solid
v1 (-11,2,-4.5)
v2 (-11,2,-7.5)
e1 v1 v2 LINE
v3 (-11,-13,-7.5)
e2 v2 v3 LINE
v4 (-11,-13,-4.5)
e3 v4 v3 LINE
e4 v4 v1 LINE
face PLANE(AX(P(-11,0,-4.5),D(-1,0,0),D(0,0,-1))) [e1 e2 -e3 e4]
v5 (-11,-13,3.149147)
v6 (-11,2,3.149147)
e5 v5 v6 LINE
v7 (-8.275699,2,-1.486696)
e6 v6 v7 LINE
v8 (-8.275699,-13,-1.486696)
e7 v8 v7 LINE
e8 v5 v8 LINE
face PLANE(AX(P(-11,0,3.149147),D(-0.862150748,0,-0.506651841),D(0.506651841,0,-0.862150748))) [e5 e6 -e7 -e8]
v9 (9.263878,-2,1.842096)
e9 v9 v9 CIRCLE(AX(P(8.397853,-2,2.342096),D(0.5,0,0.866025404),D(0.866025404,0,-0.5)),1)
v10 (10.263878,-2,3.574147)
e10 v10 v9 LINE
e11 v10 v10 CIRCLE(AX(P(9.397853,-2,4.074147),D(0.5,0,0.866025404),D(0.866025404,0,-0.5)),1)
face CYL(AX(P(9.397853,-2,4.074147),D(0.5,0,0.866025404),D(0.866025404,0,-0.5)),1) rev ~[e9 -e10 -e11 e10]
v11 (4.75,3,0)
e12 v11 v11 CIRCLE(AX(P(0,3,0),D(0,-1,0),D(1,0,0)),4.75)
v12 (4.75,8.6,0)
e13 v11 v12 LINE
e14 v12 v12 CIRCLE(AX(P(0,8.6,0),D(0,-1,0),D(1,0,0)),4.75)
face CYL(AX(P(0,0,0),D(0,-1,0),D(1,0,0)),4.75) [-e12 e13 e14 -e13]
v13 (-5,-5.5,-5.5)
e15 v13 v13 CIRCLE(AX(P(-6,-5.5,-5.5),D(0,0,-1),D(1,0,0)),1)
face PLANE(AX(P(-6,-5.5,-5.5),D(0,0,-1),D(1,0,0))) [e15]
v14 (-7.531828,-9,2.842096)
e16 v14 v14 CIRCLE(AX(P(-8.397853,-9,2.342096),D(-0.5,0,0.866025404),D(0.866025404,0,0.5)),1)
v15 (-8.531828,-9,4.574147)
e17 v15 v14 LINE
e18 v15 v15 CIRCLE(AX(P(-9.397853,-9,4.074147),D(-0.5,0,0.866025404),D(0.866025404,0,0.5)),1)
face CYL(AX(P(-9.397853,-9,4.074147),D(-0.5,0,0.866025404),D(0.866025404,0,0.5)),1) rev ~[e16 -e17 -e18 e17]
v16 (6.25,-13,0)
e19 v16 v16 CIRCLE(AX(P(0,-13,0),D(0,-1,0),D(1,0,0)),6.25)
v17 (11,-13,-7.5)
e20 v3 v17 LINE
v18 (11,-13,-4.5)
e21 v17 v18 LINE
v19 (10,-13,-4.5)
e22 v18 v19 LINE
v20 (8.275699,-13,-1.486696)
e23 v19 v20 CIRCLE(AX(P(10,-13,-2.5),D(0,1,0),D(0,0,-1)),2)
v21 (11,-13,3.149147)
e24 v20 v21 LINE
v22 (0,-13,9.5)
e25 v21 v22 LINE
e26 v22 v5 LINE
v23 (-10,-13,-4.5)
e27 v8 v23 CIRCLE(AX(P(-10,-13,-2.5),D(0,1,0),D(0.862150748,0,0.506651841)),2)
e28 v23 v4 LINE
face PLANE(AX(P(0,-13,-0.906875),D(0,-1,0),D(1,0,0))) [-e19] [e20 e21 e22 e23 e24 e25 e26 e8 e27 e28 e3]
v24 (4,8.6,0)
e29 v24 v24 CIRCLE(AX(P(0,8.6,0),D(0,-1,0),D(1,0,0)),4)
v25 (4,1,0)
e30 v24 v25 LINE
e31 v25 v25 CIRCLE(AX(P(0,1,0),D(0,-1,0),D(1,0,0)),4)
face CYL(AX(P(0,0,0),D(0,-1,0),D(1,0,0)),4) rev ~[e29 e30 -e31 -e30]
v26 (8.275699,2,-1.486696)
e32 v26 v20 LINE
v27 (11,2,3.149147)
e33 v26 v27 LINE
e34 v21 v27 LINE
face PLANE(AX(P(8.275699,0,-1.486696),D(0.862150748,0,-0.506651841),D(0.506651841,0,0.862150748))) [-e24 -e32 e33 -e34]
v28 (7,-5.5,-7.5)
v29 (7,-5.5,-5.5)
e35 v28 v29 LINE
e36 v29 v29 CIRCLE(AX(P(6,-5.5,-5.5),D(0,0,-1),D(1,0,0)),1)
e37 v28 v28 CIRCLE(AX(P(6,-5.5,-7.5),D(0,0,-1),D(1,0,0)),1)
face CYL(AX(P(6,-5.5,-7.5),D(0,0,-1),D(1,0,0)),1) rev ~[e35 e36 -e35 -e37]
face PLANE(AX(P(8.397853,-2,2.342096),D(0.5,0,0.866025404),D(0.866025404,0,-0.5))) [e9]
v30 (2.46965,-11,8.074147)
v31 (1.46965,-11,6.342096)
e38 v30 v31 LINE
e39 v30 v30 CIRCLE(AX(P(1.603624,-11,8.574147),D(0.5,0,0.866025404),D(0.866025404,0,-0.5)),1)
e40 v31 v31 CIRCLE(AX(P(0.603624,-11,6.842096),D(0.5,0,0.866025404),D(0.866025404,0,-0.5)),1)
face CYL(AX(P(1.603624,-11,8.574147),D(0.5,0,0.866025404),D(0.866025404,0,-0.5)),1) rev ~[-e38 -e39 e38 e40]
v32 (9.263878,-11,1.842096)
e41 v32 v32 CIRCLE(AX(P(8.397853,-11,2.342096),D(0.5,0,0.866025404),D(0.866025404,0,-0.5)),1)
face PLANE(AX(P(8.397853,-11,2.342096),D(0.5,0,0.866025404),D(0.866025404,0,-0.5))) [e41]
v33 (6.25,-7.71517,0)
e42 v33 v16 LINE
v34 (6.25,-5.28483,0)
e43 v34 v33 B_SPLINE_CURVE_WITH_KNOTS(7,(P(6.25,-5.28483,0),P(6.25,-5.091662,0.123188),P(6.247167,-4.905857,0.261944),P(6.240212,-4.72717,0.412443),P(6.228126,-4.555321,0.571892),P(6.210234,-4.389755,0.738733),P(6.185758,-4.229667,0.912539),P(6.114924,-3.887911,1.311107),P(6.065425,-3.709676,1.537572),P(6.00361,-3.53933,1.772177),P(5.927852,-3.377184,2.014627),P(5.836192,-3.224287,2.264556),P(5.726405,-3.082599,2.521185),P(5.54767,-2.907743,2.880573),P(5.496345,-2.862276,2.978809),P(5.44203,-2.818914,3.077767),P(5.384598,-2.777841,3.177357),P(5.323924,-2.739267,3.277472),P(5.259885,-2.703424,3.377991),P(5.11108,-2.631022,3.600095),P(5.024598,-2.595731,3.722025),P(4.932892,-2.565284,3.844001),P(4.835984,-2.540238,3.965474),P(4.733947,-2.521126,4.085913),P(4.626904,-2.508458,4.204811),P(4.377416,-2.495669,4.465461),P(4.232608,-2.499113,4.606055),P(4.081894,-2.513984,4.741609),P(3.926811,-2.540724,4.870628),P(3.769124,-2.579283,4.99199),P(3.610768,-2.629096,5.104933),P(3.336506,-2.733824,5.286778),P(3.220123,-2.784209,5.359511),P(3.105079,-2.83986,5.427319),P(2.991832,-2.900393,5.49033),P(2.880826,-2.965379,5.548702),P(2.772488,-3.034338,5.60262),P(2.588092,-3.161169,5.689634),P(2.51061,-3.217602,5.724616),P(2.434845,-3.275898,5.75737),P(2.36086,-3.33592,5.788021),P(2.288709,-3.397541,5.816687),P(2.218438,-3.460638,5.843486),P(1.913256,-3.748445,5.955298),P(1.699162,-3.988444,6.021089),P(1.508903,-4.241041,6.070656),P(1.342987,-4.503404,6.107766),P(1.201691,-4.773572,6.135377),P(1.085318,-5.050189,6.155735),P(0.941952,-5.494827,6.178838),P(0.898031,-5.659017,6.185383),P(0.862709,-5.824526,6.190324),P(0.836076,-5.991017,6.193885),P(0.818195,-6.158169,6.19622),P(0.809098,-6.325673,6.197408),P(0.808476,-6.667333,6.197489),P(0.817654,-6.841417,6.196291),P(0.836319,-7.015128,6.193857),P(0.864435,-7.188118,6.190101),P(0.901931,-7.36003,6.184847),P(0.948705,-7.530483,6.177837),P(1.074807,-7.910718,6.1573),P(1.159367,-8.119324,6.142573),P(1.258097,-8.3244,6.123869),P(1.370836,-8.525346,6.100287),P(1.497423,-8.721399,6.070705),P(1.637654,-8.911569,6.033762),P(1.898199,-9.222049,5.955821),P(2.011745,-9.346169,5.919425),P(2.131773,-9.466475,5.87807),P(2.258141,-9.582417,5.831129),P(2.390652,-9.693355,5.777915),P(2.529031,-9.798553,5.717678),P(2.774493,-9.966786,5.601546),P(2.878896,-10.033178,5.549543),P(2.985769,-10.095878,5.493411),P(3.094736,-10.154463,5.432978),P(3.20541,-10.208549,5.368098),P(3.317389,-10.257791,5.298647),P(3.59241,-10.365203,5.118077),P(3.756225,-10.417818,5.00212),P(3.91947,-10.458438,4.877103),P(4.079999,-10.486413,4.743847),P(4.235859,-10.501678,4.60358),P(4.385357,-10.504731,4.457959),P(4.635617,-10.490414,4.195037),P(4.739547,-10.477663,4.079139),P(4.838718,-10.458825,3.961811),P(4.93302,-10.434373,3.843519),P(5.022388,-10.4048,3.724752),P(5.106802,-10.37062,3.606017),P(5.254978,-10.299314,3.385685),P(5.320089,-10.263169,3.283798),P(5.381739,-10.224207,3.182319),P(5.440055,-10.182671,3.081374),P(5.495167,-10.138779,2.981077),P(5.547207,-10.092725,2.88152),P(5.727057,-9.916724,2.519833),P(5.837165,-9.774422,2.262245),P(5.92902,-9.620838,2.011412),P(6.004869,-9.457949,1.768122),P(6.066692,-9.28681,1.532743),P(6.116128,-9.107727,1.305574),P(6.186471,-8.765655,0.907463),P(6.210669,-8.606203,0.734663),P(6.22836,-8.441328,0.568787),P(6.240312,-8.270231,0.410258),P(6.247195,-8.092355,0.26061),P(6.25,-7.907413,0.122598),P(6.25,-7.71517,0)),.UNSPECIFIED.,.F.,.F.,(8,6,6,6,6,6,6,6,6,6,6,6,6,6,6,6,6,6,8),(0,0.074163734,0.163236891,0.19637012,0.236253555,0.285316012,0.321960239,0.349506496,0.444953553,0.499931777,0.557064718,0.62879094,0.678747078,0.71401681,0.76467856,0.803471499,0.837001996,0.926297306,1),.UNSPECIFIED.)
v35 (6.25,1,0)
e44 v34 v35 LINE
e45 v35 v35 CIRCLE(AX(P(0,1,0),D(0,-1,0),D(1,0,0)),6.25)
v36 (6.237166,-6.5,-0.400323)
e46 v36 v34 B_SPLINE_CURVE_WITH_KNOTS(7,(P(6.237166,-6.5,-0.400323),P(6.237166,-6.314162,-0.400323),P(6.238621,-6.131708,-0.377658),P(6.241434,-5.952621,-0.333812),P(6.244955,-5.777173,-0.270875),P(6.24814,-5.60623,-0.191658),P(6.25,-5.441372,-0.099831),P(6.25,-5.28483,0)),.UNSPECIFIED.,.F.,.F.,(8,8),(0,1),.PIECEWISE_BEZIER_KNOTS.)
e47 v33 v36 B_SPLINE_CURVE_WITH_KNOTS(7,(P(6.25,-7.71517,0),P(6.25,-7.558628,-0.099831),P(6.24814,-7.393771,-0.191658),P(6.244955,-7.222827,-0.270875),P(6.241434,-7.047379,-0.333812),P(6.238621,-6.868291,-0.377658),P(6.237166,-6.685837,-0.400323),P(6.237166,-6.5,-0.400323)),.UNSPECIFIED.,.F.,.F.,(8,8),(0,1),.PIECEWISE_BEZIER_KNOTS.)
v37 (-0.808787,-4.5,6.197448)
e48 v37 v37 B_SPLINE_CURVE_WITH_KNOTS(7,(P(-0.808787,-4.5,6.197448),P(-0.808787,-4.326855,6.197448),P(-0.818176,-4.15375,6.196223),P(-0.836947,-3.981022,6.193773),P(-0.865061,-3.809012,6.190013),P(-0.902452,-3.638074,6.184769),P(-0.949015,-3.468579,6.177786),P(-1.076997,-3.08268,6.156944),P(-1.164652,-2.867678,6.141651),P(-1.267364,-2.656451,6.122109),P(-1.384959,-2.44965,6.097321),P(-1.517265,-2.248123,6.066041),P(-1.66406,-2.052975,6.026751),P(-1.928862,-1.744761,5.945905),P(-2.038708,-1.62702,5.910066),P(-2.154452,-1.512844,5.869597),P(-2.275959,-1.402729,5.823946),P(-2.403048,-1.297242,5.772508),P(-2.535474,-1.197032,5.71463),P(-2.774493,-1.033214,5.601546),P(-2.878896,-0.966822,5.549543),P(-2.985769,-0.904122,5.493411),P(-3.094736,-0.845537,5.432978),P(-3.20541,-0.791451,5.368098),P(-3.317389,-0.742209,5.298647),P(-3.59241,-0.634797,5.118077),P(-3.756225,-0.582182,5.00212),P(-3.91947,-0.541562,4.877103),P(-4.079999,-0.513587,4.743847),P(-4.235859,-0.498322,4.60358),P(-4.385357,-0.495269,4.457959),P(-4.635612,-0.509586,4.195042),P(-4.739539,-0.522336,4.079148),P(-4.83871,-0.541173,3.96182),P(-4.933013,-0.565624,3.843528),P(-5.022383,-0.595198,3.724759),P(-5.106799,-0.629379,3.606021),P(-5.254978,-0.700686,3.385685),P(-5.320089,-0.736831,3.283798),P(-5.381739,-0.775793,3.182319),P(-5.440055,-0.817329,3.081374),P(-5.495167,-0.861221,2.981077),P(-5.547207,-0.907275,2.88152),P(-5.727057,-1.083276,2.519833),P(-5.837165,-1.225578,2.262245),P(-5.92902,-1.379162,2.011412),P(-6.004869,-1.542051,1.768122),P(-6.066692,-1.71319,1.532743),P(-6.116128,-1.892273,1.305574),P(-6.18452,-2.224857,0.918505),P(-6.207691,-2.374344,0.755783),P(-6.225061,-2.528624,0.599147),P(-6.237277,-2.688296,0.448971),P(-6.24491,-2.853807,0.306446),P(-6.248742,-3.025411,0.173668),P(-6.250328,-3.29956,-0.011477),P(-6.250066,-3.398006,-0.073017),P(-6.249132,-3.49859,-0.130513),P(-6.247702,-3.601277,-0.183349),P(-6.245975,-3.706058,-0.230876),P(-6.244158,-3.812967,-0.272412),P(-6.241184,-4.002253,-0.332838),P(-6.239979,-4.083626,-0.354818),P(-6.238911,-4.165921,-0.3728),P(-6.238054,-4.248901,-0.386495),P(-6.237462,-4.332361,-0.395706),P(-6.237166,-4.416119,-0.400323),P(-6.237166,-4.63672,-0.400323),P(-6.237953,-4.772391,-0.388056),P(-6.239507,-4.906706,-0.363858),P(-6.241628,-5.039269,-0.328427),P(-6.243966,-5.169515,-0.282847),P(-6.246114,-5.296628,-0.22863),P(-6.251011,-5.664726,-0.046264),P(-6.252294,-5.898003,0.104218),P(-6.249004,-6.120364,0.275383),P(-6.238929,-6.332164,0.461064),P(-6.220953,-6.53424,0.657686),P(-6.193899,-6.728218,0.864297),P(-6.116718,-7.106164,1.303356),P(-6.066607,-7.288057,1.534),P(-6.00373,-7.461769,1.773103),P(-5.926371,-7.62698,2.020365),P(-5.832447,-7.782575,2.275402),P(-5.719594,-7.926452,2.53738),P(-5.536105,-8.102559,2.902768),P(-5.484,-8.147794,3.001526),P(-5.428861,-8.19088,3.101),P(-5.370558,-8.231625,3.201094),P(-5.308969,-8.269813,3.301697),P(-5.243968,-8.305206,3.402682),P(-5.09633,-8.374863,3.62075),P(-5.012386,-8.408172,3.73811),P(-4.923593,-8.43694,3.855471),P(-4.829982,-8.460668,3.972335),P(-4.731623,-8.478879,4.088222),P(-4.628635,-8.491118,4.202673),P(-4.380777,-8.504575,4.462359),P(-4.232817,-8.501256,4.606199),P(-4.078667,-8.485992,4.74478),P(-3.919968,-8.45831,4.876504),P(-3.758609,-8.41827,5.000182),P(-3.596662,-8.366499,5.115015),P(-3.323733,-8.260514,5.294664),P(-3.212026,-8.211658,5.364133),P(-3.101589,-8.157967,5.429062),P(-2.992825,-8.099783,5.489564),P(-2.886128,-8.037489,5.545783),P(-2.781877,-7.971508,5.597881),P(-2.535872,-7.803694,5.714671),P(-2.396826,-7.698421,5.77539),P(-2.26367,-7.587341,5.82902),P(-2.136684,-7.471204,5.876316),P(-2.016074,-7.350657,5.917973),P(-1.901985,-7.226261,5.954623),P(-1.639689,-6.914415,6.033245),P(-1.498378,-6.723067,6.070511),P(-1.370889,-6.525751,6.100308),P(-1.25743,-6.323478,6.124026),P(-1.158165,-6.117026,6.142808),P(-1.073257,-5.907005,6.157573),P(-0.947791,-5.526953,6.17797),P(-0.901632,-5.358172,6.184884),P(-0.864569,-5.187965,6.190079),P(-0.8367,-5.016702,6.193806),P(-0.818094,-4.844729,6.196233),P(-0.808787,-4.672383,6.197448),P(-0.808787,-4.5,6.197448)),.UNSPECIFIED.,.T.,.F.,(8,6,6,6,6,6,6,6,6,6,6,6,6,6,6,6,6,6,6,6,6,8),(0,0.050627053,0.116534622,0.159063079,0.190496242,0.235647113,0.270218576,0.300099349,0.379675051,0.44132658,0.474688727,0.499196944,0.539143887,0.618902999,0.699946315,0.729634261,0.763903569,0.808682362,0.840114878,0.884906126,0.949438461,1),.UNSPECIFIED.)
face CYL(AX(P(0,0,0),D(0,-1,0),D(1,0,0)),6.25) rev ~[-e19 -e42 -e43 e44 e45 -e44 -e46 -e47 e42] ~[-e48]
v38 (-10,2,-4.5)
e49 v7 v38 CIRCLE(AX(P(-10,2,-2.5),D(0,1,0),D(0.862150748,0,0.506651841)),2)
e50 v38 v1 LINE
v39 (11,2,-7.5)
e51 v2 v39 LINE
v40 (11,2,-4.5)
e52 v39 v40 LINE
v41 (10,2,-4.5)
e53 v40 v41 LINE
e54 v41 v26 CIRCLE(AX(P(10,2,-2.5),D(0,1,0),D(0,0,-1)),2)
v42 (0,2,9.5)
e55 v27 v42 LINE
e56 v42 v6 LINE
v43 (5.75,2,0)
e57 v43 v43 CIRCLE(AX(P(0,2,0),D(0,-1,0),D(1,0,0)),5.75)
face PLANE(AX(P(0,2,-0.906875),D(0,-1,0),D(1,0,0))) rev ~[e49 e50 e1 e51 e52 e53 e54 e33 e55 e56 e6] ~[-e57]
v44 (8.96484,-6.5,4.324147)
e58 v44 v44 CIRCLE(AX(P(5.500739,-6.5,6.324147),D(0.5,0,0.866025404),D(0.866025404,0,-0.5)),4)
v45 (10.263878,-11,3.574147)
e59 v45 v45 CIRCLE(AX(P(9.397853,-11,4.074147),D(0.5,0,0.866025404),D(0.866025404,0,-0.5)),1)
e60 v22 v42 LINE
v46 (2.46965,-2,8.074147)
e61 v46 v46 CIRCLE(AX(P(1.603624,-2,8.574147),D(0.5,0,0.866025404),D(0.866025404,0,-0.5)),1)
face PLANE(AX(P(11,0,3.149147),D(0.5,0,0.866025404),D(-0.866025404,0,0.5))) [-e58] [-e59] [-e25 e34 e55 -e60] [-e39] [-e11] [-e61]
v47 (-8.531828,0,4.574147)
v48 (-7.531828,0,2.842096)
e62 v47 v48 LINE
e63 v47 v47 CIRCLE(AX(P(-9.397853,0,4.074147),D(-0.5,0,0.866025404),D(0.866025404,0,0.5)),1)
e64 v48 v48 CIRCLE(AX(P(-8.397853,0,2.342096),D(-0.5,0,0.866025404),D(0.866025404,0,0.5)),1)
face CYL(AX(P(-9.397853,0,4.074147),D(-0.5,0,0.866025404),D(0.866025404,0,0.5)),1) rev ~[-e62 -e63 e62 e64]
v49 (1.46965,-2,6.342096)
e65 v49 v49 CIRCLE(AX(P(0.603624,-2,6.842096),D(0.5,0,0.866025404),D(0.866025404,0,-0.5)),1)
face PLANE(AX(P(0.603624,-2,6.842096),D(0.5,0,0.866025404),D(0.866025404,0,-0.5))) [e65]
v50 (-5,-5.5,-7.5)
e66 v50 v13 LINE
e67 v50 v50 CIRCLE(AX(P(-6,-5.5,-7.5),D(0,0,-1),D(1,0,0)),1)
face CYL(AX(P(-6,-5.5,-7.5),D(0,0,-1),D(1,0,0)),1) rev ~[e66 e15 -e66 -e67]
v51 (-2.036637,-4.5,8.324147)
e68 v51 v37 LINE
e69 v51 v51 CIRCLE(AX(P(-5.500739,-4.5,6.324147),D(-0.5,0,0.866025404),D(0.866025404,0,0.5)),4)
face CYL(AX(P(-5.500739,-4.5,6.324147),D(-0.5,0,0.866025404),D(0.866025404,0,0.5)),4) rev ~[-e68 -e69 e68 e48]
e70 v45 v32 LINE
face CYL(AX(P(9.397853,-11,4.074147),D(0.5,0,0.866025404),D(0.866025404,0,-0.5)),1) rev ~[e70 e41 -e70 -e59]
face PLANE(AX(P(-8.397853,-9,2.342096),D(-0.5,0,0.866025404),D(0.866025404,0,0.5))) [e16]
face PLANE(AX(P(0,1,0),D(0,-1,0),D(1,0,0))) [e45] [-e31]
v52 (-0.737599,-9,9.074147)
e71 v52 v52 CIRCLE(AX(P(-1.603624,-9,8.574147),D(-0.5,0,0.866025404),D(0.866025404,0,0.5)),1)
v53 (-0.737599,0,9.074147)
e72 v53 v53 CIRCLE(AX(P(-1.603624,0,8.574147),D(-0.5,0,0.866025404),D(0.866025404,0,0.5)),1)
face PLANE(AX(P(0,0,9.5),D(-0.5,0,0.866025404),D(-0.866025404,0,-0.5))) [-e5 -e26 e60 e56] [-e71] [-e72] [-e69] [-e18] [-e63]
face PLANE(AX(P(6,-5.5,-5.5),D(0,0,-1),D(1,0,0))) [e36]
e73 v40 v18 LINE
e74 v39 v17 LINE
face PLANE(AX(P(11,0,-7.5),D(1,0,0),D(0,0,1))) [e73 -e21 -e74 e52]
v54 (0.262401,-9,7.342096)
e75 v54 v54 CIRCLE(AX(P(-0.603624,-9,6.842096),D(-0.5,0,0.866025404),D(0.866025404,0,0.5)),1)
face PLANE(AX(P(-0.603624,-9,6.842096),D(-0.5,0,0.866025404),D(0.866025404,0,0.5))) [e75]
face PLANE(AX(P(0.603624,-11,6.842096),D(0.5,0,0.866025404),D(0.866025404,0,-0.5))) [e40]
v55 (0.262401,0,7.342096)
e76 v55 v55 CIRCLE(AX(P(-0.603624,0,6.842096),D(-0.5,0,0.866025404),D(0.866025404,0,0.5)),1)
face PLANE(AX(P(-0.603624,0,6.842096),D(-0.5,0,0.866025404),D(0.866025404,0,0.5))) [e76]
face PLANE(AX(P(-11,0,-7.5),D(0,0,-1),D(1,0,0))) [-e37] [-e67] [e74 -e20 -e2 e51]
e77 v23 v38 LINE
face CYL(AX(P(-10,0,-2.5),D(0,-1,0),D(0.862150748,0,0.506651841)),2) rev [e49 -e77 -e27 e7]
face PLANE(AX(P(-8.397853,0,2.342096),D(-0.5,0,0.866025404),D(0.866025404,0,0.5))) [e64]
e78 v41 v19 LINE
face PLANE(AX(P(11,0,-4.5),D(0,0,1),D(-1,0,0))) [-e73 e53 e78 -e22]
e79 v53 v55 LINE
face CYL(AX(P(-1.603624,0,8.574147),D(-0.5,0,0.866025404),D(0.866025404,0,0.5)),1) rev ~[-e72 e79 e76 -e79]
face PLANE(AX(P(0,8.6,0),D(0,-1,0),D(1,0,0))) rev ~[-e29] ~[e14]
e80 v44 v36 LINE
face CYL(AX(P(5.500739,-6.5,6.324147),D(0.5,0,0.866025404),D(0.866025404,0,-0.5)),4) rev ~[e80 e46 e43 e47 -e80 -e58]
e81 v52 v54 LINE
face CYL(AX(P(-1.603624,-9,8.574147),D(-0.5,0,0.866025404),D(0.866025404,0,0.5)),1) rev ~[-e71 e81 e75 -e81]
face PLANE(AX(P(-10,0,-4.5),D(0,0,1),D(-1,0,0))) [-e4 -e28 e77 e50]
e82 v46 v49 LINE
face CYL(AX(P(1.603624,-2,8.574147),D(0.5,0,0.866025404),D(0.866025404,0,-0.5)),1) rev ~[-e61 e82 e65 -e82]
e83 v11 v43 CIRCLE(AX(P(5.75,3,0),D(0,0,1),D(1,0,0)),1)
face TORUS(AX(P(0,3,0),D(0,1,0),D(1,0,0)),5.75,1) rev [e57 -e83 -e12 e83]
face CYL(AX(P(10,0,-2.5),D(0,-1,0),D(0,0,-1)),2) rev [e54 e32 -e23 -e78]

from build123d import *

# Parameters (mm, degrees)
F0_R      = 6.25
F1_DEPTH  = 13
F0_R_2    = 4.75
F0_R_3    = 4
F2_DEPTH  = 2
F3_DEPTH  = 8.6
F4_R      = 1
F5_R      = 4
F7_DEPTH  = 6.4553484435
F5_R_2    = 1
F8_DEPTH  = 2
F6_R      = 4
F9_DEPTH  = 6.4553484442
F6_R_2    = 1
F10_DEPTH = 2
F11_DEPTH = 1
F12_R     = 1
F13_DEPTH = 2


with BuildPart() as f1:
    # F0 (on Front) → F1 (new body)
    with BuildSketch(Plane.XZ):
        with BuildLine():
            Line((-11, -4.5), (-11, -7.5))
            Line((-11, -7.5), (11, -7.5))
            Line((11, -7.5), (11, -4.5))
            Line((11, -4.5), (10, -4.5))
            ThreePointArc((10, -4.5), (8.2641129984, -3.493325887), (8.2756985044, -1.4866963178))
            Line((8.2756985044, -1.4866963178), (11, 3.1491470389))
            Line((11, 3.1491470389), (0, 9.5))
            Line((0, 9.5), (-11, 3.1491470389))
            Line((-11, 3.1491470389), (-8.2756985044, -1.4866963178))
            ThreePointArc((-8.2756985044, -1.4866963178), (-8.2641129984, -3.493325887), (-10, -4.5))
            Line((-10, -4.5), (-11, -4.5))
        make_face()
        Circle(F0_R, mode=Mode.SUBTRACT)
    extrude(amount=F1_DEPTH)

    # F0 (on Front) → F2 (join)
    with BuildSketch(Plane.XZ):
        with BuildLine():
            Line((-11, -4.5), (-11, -7.5))
            Line((-11, -7.5), (11, -7.5))
            Line((11, -7.5), (11, -4.5))
            Line((11, -4.5), (10, -4.5))
            ThreePointArc((10, -4.5), (8.2641129984, -3.493325887), (8.2756985044, -1.4866963178))
            Line((8.2756985044, -1.4866963178), (11, 3.1491470389))
            Line((11, 3.1491470389), (0, 9.5))
            Line((0, 9.5), (-11, 3.1491470389))
            Line((-11, 3.1491470389), (-8.2756985044, -1.4866963178))
            ThreePointArc((-8.2756985044, -1.4866963178), (-8.2641129984, -3.493325887), (-10, -4.5))
            Line((-10, -4.5), (-11, -4.5))
        make_face()
        Circle(F0_R, mode=Mode.SUBTRACT)
        Circle(F0_R)
        Circle(F0_R_2, mode=Mode.SUBTRACT)
        Circle(F0_R_2)
        Circle(F0_R_3, mode=Mode.SUBTRACT)
    extrude(amount=-F2_DEPTH)

    # F0 (on Front) → F3 (join)
    with BuildSketch(Plane.XZ):
        Circle(F0_R_2)
        Circle(F0_R_3, mode=Mode.SUBTRACT)
    extrude(amount=-F3_DEPTH)

    # F4
    f4_edges = [f1.edges().sort_by_distance(p)[0] for p in [
        (-4.75, 2, 0),
    ]]
    fillet(f4_edges, radius=F4_R)

    # F5 (on face) → F7 (cut, up to face)
    with BuildSketch(Plane(origin=(4.113620668, 0, 7.125), x_dir=(0.8660254038, 0, -0.5), z_dir=(0.5, 0, 0.8660254038))):
        with Locations((1.6017059222, -6.5)):
            Circle(F5_R)
    extrude(amount=-F7_DEPTH, mode=Mode.SUBTRACT)

    # F5 (on face) → F8 (cut)
    with BuildSketch(Plane(origin=(4.113620668, 0, 7.125), x_dir=(0.8660254038, 0, -0.5), z_dir=(0.5, 0, 0.8660254038))):
        with Locations((-2.8982940778, -2)):
            Circle(F5_R_2)
        with Locations((6.1017059222, -2)):
            Circle(F5_R_2)
        with Locations((6.1017059222, -11)):
            Circle(F5_R_2)
        with Locations((-2.8982940778, -11)):
            Circle(F5_R_2)
    extrude(amount=-F8_DEPTH, mode=Mode.SUBTRACT)

    # F6 (on face) → F9 (cut, up to face)
    with BuildSketch(Plane(origin=(-4.113620668, 0, 7.125), x_dir=(0.8660254038, 0, 0.5), z_dir=(-0.5, 0, 0.8660254038))):
        with Locations((-1.6017059222, -4.5)):
            Circle(F6_R)
    extrude(amount=-F9_DEPTH, mode=Mode.SUBTRACT)

    # F6 (on face) → F10 (cut)
    with BuildSketch(Plane(origin=(-4.113620668, 0, 7.125), x_dir=(0.8660254038, 0, 0.5), z_dir=(-0.5, 0, 0.8660254038))):
        with Locations((-6.1017059222, -9)):
            Circle(F6_R_2)
        with Locations((-6.1017059222, 0)):
            Circle(F6_R_2)
        with Locations((2.8982940778, 0)):
            Circle(F6_R_2)
        with Locations((2.8982940778, -9)):
            Circle(F6_R_2)
    extrude(amount=-F10_DEPTH, mode=Mode.SUBTRACT)

    # F0 (on Front) → F11 (cut)
    with BuildSketch(Plane.XZ):
        Circle(F0_R)
        Circle(F0_R_2, mode=Mode.SUBTRACT)
        Circle(F0_R_2)
        Circle(F0_R_3, mode=Mode.SUBTRACT)
    extrude(amount=-F11_DEPTH, mode=Mode.SUBTRACT)

    # F12 (on face) → F13 (cut)
    with BuildSketch(Plane(origin=(0, 0, -7.5), x_dir=(1, 0, 0), z_dir=(0, 0, -1))):
        with Locations((-6, 5.5)):
            Circle(F12_R)
        with Locations((6, 5.5)):
            Circle(F12_R)
    extrude(amount=-F13_DEPTH, mode=Mode.SUBTRACT)


solid = f1.part
